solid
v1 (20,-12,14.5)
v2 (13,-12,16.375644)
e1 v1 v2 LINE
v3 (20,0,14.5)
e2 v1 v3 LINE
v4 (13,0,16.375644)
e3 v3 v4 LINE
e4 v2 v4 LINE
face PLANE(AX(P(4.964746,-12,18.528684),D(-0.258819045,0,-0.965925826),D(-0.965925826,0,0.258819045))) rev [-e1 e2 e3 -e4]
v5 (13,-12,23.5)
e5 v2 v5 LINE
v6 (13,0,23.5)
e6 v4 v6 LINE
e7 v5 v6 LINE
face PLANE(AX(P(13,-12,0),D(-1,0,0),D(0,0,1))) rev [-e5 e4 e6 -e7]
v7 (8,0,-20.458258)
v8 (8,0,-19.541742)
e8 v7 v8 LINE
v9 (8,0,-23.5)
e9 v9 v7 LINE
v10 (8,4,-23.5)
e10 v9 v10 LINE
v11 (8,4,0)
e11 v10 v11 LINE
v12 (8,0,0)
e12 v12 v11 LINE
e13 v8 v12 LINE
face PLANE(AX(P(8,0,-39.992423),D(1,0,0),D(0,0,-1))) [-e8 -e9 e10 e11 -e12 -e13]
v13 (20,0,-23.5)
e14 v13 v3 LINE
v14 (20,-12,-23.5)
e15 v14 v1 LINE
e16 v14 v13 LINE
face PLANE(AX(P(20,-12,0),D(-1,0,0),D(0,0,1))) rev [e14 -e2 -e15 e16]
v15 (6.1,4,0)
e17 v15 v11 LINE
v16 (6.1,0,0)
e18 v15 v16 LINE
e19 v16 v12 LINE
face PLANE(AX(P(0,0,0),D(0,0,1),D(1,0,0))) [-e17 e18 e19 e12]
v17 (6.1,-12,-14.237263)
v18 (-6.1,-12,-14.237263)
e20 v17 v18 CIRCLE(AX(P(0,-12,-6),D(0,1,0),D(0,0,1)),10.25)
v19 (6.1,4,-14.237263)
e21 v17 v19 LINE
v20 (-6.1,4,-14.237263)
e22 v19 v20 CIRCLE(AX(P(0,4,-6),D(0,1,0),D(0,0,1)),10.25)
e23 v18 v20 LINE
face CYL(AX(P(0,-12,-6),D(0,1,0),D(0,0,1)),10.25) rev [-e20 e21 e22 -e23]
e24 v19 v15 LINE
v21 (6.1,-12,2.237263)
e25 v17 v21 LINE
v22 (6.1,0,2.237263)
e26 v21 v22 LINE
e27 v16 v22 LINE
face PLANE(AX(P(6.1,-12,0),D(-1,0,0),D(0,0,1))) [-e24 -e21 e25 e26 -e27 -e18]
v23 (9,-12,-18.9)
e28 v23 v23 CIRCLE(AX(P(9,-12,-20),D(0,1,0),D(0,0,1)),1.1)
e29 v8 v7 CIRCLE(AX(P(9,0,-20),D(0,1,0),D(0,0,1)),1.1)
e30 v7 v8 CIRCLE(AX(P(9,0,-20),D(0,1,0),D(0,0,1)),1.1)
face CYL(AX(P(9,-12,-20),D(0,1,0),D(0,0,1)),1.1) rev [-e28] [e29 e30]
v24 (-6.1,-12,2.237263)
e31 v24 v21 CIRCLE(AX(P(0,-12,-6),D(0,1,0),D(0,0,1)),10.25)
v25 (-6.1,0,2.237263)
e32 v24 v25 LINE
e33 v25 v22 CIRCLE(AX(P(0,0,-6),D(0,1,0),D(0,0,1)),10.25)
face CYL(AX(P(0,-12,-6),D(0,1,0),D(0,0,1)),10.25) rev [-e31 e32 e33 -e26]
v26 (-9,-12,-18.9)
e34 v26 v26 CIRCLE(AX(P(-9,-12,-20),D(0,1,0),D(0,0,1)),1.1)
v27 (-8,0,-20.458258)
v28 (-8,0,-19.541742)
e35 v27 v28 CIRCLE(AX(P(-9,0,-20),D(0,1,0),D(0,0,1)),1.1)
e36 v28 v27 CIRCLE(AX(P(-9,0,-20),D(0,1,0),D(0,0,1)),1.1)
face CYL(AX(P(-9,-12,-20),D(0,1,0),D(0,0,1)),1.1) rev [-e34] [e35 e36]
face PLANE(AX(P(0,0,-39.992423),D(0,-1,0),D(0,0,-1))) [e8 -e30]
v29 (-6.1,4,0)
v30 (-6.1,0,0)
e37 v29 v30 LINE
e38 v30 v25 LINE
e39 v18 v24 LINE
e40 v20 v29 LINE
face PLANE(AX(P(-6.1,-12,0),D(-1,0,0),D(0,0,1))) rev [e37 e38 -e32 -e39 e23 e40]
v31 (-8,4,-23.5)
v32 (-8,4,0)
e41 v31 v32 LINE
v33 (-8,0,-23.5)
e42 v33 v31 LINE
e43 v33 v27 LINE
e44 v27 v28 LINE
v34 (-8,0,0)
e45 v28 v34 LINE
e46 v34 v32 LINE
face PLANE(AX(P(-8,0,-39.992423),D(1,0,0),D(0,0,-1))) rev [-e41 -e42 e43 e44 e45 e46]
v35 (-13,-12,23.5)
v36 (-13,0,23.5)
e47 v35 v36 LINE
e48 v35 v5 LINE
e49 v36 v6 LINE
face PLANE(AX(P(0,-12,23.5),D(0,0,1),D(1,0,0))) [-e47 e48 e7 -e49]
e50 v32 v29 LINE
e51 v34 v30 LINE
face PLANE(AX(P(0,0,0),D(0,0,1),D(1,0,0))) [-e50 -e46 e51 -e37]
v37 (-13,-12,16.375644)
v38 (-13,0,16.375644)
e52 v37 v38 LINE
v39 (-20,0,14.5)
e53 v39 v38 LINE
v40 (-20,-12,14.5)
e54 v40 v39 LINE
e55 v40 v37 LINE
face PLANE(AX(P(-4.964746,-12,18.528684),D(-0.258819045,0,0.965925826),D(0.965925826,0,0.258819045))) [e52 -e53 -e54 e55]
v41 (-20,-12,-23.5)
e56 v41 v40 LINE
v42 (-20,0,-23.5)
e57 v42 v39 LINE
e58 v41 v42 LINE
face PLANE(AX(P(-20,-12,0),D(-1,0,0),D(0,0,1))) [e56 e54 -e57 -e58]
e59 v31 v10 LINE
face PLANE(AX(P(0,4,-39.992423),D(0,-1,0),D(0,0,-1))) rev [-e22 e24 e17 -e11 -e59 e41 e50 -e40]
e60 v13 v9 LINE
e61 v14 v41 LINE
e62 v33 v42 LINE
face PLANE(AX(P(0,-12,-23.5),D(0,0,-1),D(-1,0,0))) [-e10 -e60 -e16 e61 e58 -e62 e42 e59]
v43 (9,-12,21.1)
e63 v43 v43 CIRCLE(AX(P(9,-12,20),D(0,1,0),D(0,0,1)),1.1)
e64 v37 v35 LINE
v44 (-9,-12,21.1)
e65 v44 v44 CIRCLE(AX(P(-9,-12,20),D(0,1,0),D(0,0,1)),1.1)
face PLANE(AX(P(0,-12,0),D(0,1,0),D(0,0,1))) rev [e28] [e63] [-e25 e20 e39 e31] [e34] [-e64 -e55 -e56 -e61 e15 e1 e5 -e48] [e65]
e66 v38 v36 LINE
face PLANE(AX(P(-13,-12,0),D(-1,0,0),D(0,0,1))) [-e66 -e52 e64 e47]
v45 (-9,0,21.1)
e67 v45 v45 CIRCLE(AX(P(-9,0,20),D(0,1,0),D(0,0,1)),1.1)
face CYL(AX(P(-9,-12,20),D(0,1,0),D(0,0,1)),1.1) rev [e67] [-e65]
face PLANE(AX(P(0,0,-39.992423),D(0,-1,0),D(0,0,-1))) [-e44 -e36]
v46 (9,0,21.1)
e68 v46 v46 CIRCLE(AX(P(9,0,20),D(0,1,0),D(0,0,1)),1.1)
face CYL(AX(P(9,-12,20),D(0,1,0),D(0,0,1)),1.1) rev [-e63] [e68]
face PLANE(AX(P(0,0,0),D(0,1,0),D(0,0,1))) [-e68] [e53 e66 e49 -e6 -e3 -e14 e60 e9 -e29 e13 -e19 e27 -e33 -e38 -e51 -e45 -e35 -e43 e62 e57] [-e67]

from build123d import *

# Parameters (mm, degrees)
SKETCH1_W               = 26
SKETCH1_H               = 47
SKETCH1_R               = 1.1
BOSS_EXTRUDE1_DEPTH     = 12
SKETCH2_3_W             = 16
SKETCH2_3_H             = 4
BOSS_EXTRUDE2_DEPTH     = 23.5
CUT_EXTRUDE3_DEPTH      = 5
CUT_EXTRUDE3_DEPTH_BACK = 13


with BuildPart() as part:
    # Sketch1 → Boss-Extrude1 (new body)
    with BuildSketch(Plane(origin=(0, 0, 0), x_dir=(1, 0, 0), z_dir=(0, 1, 0))):
        Polygon((-13, -16.375644347), (-13, 23.5), (-20, 23.5), (-20, -14.5), align=None)
        Rectangle(SKETCH1_W, SKETCH1_H)
        with Locations((9, -20)):
            Circle(SKETCH1_R, mode=Mode.SUBTRACT)
        with Locations((-9, -20)):
            Circle(SKETCH1_R, mode=Mode.SUBTRACT)
        with Locations((9, 20)):
            Circle(SKETCH1_R, mode=Mode.SUBTRACT)
        with Locations((-9, 20)):
            Circle(SKETCH1_R, mode=Mode.SUBTRACT)
        Polygon((20, 23.5), (13, 23.5), (13, -16.375644347), (20, -14.5), align=None)
    extrude(amount=-BOSS_EXTRUDE1_DEPTH)

    # Sketch2<3> → Boss-Extrude2 (add)
    with BuildSketch(Plane.XY):
        with Locations((0, 2)):
            Rectangle(SKETCH2_3_W, SKETCH2_3_H)
    extrude(amount=-BOSS_EXTRUDE2_DEPTH)

    # Sketch3 → Cut-Extrude3 (cut, two sides)
    with BuildSketch(Plane(origin=(0, 0, 0), x_dir=(1, 0, 0), z_dir=(0, 1, 0))) as cut_extrude3_sk:
        with BuildLine():
            ThreePointArc((6.1, 14.237262895), (0, 16.25), (-6.1, 14.237262895))
            Line((-6.1, 14.237262895), (-6.1, -2.237262895))
            ThreePointArc((-6.1, -2.237262895), (0, -4.25), (6.1, -2.237262895))
            Line((6.1, -2.237262895), (6.1, 14.237262895))
        make_face()
    extrude(amount=CUT_EXTRUDE3_DEPTH, mode=Mode.SUBTRACT)
    extrude(cut_extrude3_sk.sketch, amount=-CUT_EXTRUDE3_DEPTH_BACK, mode=Mode.SUBTRACT)


solid = part.part
